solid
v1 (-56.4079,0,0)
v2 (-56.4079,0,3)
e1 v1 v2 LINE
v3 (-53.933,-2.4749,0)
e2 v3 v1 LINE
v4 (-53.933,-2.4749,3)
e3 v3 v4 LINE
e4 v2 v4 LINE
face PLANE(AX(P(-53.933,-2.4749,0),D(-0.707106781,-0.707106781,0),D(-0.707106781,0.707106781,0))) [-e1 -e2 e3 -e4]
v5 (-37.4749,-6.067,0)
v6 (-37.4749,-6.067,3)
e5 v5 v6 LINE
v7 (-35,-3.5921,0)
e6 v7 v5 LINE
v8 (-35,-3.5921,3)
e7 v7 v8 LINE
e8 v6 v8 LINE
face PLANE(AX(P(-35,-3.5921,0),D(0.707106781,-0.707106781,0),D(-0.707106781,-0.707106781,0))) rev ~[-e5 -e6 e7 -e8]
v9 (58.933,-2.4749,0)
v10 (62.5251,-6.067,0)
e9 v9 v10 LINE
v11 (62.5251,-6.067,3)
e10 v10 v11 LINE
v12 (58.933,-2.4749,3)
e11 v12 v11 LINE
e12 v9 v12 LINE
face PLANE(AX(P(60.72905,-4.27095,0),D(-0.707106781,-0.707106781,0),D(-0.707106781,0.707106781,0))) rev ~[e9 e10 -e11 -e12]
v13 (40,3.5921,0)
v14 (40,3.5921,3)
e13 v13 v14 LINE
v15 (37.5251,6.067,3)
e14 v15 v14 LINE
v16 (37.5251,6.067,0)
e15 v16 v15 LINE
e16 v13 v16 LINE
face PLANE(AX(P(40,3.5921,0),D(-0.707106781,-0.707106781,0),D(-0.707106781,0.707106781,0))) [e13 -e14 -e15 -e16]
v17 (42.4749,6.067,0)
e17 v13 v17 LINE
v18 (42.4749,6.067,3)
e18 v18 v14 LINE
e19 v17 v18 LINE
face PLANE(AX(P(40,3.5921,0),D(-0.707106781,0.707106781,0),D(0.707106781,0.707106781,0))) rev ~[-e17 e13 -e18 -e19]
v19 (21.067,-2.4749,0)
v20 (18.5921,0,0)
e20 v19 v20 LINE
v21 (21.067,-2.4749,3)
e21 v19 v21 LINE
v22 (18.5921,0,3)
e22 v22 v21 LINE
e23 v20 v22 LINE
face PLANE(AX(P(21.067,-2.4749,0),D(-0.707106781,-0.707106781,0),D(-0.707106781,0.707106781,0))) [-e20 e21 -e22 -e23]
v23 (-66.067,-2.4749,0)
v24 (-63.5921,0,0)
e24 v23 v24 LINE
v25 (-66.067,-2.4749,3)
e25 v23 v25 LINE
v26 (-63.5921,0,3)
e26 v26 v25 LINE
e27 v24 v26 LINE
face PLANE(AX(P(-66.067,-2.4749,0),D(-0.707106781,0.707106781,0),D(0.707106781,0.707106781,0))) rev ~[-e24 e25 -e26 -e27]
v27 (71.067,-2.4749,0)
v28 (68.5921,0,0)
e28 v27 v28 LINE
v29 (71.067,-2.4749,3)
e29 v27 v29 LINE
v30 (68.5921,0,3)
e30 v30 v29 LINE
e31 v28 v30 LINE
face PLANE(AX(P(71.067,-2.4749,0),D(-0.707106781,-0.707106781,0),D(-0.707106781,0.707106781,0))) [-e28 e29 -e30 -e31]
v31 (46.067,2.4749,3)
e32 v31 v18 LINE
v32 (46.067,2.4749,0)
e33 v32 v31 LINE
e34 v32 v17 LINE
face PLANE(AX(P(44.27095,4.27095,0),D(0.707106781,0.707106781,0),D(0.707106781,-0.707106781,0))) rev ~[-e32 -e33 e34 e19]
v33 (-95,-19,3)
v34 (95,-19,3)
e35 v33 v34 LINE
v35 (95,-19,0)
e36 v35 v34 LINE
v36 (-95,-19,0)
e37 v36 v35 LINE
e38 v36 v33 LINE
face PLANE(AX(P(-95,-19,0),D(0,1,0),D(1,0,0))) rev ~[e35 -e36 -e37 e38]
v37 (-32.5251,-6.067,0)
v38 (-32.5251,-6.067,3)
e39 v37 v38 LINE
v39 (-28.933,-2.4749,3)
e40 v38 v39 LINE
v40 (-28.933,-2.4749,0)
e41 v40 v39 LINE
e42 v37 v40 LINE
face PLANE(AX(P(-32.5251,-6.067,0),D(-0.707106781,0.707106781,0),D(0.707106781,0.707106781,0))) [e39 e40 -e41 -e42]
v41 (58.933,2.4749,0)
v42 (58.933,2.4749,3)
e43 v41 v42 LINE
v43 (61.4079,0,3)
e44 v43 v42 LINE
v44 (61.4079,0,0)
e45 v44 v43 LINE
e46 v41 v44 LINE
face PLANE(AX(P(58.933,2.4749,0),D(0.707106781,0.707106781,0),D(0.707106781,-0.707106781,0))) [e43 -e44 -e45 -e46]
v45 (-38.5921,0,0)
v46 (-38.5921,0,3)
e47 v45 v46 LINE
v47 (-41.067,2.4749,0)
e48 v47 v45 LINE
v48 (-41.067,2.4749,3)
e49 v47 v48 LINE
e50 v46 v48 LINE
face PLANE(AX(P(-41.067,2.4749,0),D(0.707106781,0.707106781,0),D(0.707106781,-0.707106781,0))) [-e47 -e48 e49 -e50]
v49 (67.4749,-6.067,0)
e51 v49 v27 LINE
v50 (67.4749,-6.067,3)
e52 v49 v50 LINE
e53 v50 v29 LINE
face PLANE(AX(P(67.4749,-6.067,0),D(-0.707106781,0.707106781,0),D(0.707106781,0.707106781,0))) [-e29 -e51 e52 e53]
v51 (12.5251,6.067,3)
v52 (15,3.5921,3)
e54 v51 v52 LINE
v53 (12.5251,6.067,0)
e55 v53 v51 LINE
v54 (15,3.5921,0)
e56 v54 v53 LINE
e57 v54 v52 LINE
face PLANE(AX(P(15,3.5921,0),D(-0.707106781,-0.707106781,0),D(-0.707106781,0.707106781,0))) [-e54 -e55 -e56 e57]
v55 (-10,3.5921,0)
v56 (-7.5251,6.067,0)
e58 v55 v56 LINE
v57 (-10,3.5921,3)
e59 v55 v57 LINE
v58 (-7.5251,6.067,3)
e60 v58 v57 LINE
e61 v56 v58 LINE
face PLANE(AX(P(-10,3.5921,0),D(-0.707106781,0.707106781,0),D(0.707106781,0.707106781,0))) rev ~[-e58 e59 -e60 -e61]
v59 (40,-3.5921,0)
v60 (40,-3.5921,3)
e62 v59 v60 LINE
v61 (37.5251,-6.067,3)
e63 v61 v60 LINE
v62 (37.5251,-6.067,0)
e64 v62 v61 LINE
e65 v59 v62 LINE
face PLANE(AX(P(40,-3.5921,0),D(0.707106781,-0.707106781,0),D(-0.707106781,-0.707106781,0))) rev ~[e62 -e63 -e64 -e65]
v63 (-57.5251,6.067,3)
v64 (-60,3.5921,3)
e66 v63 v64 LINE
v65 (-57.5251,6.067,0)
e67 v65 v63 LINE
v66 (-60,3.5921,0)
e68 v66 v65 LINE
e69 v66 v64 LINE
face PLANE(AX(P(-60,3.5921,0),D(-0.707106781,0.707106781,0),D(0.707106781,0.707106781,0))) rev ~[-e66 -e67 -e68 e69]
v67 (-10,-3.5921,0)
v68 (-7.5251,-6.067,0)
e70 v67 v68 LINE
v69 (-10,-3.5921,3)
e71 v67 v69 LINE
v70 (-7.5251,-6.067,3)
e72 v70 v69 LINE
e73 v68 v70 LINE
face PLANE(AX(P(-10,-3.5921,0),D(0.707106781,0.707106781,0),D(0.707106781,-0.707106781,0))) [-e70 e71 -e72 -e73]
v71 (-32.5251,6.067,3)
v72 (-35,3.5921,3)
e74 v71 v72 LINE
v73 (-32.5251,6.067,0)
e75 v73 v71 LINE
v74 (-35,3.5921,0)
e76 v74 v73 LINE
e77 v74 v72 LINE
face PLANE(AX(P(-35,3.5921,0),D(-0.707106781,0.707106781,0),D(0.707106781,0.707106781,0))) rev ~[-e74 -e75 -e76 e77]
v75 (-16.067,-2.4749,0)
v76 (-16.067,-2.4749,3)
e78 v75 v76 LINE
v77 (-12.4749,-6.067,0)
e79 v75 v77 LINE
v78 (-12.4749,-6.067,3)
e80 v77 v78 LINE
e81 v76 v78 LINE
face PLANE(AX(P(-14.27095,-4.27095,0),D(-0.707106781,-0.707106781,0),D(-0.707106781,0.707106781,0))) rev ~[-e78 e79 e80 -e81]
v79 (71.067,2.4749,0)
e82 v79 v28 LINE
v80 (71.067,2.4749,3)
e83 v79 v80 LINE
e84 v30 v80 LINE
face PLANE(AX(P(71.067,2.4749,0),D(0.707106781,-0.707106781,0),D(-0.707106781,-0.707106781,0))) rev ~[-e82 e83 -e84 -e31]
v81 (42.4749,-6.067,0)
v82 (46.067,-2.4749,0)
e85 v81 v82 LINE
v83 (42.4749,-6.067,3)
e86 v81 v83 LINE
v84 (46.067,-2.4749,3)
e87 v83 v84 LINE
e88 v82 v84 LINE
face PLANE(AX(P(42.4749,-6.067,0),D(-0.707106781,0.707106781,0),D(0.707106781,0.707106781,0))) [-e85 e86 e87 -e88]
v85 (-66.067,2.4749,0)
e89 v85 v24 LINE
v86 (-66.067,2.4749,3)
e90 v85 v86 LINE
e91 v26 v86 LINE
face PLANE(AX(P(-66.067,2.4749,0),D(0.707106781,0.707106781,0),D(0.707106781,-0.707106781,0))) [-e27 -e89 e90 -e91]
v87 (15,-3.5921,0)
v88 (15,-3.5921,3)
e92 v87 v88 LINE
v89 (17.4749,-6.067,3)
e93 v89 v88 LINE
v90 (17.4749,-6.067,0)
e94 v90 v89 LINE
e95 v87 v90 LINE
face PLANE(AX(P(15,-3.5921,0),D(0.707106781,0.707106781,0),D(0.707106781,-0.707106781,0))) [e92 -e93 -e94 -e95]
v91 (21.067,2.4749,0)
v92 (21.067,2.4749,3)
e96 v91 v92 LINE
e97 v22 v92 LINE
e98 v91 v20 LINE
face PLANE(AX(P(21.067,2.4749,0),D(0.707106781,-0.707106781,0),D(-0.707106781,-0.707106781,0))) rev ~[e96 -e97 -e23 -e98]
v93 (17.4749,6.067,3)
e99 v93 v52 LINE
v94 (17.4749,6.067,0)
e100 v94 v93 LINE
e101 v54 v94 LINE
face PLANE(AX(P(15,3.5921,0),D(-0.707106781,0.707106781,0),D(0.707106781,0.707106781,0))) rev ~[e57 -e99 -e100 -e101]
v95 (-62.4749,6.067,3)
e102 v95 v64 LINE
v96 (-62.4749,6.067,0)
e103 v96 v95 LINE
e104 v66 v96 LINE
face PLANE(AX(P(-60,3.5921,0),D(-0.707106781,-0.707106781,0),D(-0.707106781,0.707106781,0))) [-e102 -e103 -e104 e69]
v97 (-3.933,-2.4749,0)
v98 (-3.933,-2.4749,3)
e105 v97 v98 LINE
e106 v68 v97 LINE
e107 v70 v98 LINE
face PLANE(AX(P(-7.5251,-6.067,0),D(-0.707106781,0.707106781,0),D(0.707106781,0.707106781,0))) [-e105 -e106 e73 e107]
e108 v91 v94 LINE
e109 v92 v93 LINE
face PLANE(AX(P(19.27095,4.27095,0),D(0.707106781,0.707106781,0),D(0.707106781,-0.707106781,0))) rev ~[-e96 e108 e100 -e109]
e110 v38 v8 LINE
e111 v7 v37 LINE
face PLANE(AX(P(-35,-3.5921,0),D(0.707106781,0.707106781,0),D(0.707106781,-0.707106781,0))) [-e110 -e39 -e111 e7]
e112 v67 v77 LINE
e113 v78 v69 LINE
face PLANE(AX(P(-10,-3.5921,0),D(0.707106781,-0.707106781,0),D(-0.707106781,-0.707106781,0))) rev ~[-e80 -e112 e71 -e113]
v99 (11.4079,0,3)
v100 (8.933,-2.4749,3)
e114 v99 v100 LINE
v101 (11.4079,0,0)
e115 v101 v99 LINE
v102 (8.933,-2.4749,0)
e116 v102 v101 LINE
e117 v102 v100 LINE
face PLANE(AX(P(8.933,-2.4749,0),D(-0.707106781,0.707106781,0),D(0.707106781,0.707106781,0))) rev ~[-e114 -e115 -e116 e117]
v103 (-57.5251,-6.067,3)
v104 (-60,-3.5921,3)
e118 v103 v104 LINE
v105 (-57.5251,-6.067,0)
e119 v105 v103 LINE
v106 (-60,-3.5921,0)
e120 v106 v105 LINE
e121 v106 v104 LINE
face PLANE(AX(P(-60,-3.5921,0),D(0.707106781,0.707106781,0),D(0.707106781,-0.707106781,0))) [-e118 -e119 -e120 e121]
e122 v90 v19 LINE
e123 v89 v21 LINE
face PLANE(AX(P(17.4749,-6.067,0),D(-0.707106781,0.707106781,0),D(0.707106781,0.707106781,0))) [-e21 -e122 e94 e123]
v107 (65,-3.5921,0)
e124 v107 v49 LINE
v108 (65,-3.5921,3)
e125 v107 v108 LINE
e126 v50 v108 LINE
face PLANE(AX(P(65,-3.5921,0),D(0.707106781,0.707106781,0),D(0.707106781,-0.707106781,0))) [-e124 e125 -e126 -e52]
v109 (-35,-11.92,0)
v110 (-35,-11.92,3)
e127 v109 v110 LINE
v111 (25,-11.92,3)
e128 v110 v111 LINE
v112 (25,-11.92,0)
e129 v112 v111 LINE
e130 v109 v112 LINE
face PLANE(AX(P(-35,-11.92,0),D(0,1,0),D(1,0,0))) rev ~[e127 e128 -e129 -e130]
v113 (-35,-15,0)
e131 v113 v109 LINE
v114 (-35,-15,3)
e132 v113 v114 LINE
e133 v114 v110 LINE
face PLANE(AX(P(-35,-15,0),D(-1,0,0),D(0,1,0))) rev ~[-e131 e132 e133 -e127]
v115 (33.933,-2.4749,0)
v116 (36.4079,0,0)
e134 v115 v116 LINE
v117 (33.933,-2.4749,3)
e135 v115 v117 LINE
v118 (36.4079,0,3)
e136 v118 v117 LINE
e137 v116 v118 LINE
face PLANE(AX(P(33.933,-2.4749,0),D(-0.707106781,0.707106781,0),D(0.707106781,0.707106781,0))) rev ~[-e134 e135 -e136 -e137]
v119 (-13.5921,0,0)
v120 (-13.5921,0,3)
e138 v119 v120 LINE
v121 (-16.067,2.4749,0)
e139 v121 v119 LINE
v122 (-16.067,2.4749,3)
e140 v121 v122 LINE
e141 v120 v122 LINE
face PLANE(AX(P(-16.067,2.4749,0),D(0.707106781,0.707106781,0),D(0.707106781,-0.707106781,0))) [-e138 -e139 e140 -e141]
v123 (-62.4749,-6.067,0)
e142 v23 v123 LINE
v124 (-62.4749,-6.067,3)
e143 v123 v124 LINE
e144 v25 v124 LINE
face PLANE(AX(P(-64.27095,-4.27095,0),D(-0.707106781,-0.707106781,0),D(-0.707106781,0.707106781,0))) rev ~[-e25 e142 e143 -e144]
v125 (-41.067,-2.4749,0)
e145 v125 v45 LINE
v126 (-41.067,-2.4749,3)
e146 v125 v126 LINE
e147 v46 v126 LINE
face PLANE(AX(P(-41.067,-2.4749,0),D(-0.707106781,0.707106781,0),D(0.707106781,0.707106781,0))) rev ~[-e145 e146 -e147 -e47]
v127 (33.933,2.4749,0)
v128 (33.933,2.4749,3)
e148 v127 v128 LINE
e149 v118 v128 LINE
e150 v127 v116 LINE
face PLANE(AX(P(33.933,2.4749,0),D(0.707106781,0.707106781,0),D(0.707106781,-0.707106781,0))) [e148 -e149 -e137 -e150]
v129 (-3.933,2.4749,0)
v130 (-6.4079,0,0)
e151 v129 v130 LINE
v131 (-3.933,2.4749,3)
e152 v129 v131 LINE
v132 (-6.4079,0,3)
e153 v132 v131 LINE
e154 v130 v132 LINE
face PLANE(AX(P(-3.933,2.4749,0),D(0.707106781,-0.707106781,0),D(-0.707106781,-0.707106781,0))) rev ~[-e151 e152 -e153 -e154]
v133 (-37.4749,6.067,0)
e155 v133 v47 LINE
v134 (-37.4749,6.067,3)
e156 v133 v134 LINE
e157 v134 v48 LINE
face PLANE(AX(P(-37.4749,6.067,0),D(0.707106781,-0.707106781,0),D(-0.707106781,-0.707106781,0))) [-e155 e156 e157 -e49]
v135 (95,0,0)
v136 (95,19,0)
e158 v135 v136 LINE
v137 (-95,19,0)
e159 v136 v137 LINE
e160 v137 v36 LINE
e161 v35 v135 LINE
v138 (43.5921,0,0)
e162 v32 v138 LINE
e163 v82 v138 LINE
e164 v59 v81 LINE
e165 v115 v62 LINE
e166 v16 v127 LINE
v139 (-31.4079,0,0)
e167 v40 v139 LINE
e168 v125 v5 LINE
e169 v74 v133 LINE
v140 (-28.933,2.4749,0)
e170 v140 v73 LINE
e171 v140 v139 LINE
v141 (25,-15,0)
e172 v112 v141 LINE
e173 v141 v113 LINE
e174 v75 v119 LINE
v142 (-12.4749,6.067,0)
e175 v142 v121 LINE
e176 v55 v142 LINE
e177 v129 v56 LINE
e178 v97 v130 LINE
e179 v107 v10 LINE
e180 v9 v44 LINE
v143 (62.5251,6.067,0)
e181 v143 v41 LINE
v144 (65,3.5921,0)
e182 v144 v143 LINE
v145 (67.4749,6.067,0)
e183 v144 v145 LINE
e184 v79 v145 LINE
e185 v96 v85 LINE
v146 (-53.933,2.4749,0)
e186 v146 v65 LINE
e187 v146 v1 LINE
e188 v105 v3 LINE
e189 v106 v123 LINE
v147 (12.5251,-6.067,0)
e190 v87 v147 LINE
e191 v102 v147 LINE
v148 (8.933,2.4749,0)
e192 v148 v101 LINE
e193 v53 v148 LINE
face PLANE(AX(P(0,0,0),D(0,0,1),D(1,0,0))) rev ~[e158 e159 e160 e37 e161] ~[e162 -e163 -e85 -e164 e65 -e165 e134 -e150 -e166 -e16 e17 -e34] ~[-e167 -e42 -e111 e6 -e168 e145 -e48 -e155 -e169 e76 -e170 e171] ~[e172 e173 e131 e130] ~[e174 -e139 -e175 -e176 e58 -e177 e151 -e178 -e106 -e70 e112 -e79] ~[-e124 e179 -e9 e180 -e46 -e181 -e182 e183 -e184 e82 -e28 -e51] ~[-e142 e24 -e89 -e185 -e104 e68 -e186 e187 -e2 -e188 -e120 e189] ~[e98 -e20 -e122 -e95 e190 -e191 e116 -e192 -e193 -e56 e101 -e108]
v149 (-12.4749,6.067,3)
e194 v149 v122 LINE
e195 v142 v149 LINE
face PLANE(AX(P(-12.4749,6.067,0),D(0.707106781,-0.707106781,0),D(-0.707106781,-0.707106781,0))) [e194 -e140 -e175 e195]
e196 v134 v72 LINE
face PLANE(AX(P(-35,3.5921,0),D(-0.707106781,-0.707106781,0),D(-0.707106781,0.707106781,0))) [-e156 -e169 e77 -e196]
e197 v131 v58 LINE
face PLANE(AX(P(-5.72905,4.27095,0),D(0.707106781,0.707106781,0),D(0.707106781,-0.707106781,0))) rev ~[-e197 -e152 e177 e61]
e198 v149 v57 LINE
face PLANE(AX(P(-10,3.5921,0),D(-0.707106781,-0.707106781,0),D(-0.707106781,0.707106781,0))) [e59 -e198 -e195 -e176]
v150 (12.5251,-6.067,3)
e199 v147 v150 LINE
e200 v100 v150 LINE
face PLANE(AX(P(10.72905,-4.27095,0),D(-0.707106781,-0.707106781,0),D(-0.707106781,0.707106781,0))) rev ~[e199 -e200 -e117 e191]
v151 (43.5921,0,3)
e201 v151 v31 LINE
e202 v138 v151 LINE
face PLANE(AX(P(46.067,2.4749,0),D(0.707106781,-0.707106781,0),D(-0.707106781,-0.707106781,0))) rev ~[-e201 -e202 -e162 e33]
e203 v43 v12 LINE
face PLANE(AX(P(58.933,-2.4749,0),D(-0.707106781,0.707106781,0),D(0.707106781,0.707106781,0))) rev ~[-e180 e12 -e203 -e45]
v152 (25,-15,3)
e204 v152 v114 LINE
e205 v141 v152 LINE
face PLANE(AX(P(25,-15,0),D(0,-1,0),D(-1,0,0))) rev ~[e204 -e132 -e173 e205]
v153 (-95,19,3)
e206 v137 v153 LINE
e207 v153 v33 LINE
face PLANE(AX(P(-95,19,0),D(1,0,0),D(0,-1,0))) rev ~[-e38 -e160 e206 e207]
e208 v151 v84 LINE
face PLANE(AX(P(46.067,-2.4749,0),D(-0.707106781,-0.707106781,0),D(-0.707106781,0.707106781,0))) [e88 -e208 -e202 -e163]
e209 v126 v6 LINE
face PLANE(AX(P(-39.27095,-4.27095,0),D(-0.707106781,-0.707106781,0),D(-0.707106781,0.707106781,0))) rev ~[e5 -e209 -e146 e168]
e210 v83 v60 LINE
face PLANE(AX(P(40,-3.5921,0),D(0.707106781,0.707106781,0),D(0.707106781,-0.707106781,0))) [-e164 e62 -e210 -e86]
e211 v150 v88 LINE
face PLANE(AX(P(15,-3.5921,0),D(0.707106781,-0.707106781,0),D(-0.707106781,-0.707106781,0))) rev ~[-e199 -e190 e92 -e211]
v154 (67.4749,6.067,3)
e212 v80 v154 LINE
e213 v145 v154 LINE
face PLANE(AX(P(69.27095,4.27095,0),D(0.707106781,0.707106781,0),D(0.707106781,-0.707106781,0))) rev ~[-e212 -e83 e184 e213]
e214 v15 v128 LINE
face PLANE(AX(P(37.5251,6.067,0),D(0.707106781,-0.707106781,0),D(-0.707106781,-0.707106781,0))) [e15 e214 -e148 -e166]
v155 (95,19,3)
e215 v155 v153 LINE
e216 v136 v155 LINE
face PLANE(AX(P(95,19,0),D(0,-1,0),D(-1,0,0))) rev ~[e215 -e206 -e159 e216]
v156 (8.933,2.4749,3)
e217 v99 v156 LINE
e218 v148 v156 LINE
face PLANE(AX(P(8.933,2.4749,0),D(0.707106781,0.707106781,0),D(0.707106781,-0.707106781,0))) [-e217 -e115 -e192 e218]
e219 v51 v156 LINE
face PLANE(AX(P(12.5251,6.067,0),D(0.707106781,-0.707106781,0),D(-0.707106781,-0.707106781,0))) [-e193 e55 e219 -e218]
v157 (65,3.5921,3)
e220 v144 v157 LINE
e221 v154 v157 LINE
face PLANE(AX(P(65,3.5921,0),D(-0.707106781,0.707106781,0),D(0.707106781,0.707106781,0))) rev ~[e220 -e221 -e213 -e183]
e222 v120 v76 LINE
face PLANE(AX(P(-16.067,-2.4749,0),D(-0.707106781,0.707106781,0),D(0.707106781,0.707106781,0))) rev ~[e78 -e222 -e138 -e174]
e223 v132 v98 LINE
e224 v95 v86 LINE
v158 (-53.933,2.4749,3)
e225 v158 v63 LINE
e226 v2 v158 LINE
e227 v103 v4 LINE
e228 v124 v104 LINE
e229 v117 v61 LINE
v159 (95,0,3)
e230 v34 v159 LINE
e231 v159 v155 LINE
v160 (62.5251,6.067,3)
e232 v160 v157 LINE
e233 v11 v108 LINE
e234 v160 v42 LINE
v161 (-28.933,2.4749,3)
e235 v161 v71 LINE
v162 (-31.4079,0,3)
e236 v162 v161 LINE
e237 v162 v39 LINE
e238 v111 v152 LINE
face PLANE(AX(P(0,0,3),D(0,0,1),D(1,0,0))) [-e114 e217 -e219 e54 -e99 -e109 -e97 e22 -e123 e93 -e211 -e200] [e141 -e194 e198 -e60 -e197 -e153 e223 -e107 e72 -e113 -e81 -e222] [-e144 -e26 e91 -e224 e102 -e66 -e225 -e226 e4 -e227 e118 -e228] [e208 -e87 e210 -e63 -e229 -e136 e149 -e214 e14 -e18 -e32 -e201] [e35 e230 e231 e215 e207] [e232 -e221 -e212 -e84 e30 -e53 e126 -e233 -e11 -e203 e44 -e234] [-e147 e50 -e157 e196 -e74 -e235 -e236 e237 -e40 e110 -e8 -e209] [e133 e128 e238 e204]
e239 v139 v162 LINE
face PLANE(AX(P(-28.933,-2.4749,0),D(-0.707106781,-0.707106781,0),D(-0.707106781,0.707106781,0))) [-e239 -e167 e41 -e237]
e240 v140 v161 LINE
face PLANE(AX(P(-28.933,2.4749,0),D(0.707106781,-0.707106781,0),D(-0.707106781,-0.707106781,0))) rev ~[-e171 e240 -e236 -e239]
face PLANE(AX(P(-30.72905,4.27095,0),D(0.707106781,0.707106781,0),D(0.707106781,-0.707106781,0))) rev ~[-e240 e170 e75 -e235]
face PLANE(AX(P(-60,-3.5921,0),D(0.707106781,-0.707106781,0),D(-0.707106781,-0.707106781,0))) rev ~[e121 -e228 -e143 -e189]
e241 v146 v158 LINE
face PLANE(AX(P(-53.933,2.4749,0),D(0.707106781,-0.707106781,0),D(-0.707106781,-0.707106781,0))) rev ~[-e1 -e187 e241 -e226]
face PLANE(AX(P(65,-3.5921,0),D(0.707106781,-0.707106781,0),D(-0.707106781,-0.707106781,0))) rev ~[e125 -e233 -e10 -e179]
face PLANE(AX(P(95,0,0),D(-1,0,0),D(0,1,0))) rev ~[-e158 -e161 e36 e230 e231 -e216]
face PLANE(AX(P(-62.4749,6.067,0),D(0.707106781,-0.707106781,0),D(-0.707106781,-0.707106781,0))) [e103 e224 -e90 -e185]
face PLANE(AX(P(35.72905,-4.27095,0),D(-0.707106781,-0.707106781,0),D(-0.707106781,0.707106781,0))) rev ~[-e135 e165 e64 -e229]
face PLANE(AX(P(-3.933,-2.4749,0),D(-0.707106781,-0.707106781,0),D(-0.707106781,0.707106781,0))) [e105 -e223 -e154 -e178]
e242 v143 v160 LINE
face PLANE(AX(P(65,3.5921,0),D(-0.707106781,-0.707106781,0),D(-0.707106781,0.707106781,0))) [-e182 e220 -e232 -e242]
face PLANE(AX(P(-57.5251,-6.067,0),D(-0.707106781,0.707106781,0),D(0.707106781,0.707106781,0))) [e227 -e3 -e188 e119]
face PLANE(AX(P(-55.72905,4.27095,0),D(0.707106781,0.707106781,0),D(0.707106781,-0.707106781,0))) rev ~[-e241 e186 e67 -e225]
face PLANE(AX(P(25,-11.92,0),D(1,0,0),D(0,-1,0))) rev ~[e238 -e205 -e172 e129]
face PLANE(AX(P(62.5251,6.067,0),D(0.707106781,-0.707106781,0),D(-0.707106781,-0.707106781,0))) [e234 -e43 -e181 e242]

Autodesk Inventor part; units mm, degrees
ref_plane "YZ Plane" through (0, 0, 0) normal (1, 0, 0) x (0, 1, 0)
ref_plane "XZ Plane" through (0, 0, 0) normal (0, 1, 0) x (-1, 0, 0)
ref_plane "XY Plane" through (0, 0, 0) normal (0, 0, 1) x (1, 0, 0)
sketch "Sketch1" plane through (0, 0, 0) normal (0, 0, 1) x (1, 0, 0)
  line L0 (-95, -19) -> (95, -19)
  line L1 (95, -19) -> (95, 19)
  line L2 (95, 19) -> (-95, 19)
  line L3 (-95, 19) -> (-95, -19)
  line L4 (-95, -19) -> (95, 19) construction
  line L5 (95, -19) -> (-95, 19) construction
  line L6 (-35, -11.92) -> (25, -11.92)
  line L7 (25, -11.92) -> (25, -15)
  line L8 (25, -15) -> (-35, -15)
  line L9 (-35, -15) -> (-35, -11.92)
  line L10 (-35, -11.92) -> (25, -15) construction
  line L11 (25, -11.92) -> (-35, -15) construction
  line L12 (62.5251, 6.067) -> (58.933, 2.4749)
  line L13 (58.933, 2.4749) -> (67.4749, -6.067)
  line L14 (67.4749, -6.067) -> (71.067, -2.4749)
  line L15 (71.067, -2.4749) -> (62.5251, 6.067)
  line L16 (67.4749, 6.067) -> (71.067, 2.4749)
  line L17 (71.067, 2.4749) -> (62.5251, -6.067)
  line L18 (62.5251, -6.067) -> (58.933, -2.4749)
  line L19 (58.933, -2.4749) -> (67.4749, 6.067)
  line L20 (60.7291, -4.2709) -> (69.2709, 4.2709)
  line L21 (60.7291, 4.2709) -> (69.2709, -4.2709)
  line L22 (0, 0) -> (95, 0)
  point P0 (-5, -13.46)
  point P1 (-5, -11.92)
  point P2 (65, 0)
  point P3 (68.5921, 0)
  point P4 (65, -3.5921)
  point P5 (61.4079, 0)
  point P6 (65, 3.5921)
  dimension "d0" = 38
  dimension "d1" = 190
  dimension "d2" = 3.08
  dimension "d3" = 60
  dimension "d4" = 100
  dimension "d5" = 4
  dimension "d6" = 45
  dimension "d7" = 5.08
  dimension "d8" = 12.08
  dimension "d9" = 30
extrude "Plate1" add sketch "Sketch1" along normal blind 3 contours L15 L14 L21 L17 | L17 L21 L22 | L22 L20 L15 | L15 L20 L16 L17 | L3 L2 L1 L0 | L20 L21 L19 L15 | L15 L19 L16 L20 | L21 L14 L13 L17 | L17 L13 L20 L21 | L22 L19 L21 | L20 L13 L22 | L19 L21 L12 L15 | L17 L18 L20 L13 | L20 L18 L19 L13 | L19 L13 L12 L21
extrude "Cut1" cut sketch "Sketch1" along normal through all contours L15 L14 L21 L17 | L17 L21 L22 | L22 L20 L15 | L15 L20 L16 L17 | L20 L21 L19 L15 | L15 L19 L16 L20 | L21 L14 L13 L17 | L17 L13 L20 L21 | L22 L19 L21 | L20 L13 L22 | L19 L21 L12 L15 | L17 L18 L20 L13 | L20 L18 L19 L13 | L19 L13 L12 L21
pattern_linear "Rectangular Pattern1" count 6 spacing 25 along (-1, 0, 0) of "Cut1"
equation "\"d11\" = Thickness"
equation "\"d10\" = Thickness"
equation "\"BendRadius\" = Thickness"
equation "\"BendReliefWidth\" = Thickness"
equation "\"BendReliefDepth\" = 0.5 * Thickness"
equation "\"CornerReliefSize\" = 4 * Thickness"
equation "\"MinimumRemnant\" = 2 * Thickness"
equation "\"TransitionRadius\" = BendRadius"
equation "\"JacobiRadiusSize\" = BendRadius"
equation "\"GapSize\" = Thickness"
equation "\"Thickness\" = 3"
properties part number "Extension.2"
